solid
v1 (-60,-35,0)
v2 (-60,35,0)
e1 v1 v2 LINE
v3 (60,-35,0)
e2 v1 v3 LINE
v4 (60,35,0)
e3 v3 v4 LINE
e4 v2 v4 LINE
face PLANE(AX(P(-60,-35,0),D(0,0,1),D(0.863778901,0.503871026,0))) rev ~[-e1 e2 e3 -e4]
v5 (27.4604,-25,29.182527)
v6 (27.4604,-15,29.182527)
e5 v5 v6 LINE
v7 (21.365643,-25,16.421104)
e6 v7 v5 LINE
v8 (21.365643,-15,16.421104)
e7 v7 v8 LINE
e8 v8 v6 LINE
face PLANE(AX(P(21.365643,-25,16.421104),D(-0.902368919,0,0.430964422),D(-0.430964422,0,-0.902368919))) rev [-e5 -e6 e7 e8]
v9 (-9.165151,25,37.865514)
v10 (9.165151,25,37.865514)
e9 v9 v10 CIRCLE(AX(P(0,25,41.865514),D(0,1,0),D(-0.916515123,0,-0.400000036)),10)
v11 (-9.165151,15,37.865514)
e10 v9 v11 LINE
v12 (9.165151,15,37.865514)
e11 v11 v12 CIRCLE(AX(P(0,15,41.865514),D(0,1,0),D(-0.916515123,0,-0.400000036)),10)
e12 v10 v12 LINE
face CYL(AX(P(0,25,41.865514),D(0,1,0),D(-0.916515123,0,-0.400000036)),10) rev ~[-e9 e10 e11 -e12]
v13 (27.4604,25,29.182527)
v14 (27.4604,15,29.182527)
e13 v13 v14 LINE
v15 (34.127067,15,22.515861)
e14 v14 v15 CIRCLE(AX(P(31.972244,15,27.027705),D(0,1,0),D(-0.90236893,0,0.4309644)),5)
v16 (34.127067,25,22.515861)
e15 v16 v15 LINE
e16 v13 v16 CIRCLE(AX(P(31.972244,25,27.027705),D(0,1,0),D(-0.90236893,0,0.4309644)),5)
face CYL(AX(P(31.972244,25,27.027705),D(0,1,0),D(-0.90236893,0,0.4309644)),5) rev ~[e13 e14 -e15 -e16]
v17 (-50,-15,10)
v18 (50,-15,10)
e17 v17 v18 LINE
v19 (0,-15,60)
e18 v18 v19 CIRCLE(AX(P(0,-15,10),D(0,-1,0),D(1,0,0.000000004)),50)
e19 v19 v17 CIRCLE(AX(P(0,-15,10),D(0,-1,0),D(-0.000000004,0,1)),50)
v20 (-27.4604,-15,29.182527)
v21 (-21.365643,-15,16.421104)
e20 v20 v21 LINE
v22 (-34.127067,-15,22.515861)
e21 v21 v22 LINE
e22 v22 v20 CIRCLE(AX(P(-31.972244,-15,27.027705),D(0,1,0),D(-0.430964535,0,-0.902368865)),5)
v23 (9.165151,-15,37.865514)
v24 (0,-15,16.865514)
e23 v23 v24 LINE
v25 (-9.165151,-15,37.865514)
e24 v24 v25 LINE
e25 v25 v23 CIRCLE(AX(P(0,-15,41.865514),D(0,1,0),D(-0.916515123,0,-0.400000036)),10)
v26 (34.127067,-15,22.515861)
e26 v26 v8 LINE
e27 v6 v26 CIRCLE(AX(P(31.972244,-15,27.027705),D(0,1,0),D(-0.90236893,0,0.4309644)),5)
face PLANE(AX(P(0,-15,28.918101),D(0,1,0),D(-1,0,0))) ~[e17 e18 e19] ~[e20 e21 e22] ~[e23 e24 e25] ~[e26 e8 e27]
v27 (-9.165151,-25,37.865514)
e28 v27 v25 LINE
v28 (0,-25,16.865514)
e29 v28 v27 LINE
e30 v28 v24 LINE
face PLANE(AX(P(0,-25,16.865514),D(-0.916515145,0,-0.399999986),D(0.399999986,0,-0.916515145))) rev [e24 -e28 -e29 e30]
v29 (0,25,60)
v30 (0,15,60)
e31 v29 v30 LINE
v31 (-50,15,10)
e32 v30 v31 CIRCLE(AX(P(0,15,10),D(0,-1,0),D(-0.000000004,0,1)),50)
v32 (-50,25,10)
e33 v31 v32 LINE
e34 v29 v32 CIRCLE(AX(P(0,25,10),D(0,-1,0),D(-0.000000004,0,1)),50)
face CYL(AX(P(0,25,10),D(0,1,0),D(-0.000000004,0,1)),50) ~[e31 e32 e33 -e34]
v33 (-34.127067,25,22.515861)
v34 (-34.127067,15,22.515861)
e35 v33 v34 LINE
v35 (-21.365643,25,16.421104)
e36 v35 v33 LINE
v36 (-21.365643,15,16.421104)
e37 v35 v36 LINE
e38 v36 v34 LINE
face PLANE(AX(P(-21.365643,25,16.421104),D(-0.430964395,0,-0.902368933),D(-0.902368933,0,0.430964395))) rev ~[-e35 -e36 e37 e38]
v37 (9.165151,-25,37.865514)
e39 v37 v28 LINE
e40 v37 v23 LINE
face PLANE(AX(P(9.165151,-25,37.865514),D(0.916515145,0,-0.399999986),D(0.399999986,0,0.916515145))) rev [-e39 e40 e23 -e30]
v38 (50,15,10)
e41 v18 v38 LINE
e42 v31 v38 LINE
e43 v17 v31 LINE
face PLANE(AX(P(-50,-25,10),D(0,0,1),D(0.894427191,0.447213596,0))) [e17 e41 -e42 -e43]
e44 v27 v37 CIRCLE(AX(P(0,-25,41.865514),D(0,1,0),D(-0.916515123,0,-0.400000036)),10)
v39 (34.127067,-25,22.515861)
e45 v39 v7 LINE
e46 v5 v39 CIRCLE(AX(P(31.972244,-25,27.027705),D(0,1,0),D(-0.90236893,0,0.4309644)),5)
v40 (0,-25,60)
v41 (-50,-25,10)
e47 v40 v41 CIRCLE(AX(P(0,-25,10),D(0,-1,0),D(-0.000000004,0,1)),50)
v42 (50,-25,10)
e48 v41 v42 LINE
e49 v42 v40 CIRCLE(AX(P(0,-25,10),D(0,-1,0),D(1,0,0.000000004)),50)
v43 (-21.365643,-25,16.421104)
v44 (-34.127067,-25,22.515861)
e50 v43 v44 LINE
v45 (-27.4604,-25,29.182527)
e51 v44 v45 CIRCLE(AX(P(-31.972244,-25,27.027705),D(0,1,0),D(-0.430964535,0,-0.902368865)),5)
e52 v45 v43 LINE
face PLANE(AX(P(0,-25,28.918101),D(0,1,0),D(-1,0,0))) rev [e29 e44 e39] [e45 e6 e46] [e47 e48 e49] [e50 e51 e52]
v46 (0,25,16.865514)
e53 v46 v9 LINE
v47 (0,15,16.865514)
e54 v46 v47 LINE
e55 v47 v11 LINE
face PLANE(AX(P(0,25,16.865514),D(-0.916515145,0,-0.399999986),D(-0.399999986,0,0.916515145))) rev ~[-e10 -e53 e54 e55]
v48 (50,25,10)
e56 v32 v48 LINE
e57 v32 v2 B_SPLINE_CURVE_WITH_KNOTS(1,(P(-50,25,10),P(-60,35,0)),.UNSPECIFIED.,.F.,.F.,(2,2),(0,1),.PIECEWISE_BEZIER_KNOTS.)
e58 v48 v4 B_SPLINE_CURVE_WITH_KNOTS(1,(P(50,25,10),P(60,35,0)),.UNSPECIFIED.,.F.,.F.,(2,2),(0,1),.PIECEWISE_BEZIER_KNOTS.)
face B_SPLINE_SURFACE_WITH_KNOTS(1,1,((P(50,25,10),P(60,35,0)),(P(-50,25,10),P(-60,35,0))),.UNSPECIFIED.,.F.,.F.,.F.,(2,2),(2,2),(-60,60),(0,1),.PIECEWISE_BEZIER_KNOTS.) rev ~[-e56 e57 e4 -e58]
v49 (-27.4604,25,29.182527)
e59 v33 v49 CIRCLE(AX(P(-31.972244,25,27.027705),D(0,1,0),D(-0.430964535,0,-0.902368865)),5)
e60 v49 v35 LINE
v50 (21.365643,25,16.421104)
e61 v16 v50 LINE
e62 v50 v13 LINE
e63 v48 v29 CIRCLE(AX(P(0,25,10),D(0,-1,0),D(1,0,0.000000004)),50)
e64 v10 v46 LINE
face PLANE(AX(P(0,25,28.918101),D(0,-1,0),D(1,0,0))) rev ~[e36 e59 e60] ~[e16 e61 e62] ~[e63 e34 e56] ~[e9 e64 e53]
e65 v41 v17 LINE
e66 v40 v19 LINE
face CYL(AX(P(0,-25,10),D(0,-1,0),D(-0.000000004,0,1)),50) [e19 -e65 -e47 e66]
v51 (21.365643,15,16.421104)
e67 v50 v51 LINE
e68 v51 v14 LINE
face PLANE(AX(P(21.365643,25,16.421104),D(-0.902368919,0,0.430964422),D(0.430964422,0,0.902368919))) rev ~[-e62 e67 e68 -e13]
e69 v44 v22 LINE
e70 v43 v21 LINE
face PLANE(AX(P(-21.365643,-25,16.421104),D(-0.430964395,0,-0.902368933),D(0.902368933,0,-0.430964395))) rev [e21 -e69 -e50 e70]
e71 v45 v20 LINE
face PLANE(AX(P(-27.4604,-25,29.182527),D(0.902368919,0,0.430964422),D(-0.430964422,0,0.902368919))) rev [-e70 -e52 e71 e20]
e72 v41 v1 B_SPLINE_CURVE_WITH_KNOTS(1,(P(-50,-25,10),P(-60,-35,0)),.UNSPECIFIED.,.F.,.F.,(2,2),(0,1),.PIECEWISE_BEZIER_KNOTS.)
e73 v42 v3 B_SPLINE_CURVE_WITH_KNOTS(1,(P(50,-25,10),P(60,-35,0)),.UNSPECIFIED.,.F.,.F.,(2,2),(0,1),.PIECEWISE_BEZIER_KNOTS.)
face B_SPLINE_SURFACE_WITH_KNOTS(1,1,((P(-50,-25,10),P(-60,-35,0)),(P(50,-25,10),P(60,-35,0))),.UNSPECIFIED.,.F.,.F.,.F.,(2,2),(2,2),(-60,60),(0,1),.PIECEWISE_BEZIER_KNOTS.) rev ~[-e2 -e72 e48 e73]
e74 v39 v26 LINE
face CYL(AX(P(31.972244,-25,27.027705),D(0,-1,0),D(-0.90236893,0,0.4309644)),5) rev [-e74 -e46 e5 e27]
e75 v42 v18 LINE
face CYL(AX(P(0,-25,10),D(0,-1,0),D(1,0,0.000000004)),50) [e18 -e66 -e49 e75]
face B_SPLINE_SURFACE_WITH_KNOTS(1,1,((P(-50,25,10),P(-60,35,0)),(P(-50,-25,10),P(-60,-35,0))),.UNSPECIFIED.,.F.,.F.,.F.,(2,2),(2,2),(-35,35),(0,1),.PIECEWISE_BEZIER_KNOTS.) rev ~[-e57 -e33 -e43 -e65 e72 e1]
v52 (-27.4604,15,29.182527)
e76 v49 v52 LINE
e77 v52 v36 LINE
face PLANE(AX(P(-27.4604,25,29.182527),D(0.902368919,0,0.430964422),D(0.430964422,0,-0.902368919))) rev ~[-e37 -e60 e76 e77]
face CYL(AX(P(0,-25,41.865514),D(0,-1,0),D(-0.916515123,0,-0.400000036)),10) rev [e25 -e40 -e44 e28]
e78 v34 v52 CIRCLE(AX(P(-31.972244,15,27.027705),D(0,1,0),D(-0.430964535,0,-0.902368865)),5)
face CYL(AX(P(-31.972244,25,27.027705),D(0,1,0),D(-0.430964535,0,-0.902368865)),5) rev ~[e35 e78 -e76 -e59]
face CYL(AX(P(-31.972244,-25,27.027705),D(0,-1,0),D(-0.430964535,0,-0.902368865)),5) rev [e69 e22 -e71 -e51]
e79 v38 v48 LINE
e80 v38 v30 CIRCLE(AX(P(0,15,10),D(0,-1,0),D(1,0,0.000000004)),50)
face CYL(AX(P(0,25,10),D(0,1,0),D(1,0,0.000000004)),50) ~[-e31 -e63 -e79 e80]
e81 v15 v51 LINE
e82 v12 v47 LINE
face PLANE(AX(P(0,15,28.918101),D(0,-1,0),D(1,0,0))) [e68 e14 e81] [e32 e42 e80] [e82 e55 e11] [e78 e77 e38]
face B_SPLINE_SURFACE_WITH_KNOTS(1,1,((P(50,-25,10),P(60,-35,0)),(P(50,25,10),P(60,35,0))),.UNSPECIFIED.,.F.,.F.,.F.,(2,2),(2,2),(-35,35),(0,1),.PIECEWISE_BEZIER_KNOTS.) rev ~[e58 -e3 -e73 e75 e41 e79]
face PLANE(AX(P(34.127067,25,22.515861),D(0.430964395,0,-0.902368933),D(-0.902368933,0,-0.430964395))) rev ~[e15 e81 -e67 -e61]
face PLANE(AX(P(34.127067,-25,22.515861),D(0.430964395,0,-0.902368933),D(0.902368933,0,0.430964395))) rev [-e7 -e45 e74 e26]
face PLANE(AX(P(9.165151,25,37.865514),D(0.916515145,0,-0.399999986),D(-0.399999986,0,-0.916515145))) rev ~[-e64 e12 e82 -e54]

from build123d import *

# Parameters (mm, degrees)
F2_W     = 100
F2_H     = 50
F0_W     = 120
F0_H     = 70
F6_DEPTH = 10


with BuildPart() as f3:
    # F2 (on offset) → F3 section 0
    with BuildSketch(Plane.XY.offset(10)):
        Rectangle(F2_W, F2_H)
    # F0 (on Top) → F3 section 1
    with BuildSketch(Plane.XY):
        Rectangle(F0_W, F0_H)
    loft()

    # F5 (on offset) → F6 (join)
    with BuildSketch(Plane.XZ.offset(-25)):
        with BuildLine():
            Line((-50, 10), (50, 10))
            ThreePointArc((50, 10), (35.355339, 45.355339), (0, 60))
            ThreePointArc((0, 60), (-35.355339, 45.355339), (-50, 10))
        make_face()
        with BuildLine():
            Line((-27.4604, 29.182527), (-21.365643, 16.421104))
            Line((-21.365643, 16.421104), (-34.127067, 22.515861))
            ThreePointArc((-34.127067, 22.515861), (-35.507778, 30.563239), (-27.4604, 29.182527))
        make_face(mode=Mode.SUBTRACT)
        with BuildLine():
            ThreePointArc((-9.165151, 37.865514), (0, 51.865514), (9.165151, 37.865514))
            Line((9.165151, 37.865514), (0, 16.865514))
            Line((0, 16.865514), (-9.165151, 37.865514))
        make_face(mode=Mode.SUBTRACT)
        with BuildLine():
            ThreePointArc((27.4604, 29.182527), (35.507778, 30.563239), (34.127067, 22.515861))
            Line((34.127067, 22.515861), (21.365643, 16.421104))
            Line((21.365643, 16.421104), (27.4604, 29.182527))
        make_face(mode=Mode.SUBTRACT)
    extrude(amount=F6_DEPTH)

    # F7: F3 across plane


with BuildPart() as f3_1:
    add(f3.part)
    add(f3.part.mirror(Plane.XZ))


solid = f3_1.part
